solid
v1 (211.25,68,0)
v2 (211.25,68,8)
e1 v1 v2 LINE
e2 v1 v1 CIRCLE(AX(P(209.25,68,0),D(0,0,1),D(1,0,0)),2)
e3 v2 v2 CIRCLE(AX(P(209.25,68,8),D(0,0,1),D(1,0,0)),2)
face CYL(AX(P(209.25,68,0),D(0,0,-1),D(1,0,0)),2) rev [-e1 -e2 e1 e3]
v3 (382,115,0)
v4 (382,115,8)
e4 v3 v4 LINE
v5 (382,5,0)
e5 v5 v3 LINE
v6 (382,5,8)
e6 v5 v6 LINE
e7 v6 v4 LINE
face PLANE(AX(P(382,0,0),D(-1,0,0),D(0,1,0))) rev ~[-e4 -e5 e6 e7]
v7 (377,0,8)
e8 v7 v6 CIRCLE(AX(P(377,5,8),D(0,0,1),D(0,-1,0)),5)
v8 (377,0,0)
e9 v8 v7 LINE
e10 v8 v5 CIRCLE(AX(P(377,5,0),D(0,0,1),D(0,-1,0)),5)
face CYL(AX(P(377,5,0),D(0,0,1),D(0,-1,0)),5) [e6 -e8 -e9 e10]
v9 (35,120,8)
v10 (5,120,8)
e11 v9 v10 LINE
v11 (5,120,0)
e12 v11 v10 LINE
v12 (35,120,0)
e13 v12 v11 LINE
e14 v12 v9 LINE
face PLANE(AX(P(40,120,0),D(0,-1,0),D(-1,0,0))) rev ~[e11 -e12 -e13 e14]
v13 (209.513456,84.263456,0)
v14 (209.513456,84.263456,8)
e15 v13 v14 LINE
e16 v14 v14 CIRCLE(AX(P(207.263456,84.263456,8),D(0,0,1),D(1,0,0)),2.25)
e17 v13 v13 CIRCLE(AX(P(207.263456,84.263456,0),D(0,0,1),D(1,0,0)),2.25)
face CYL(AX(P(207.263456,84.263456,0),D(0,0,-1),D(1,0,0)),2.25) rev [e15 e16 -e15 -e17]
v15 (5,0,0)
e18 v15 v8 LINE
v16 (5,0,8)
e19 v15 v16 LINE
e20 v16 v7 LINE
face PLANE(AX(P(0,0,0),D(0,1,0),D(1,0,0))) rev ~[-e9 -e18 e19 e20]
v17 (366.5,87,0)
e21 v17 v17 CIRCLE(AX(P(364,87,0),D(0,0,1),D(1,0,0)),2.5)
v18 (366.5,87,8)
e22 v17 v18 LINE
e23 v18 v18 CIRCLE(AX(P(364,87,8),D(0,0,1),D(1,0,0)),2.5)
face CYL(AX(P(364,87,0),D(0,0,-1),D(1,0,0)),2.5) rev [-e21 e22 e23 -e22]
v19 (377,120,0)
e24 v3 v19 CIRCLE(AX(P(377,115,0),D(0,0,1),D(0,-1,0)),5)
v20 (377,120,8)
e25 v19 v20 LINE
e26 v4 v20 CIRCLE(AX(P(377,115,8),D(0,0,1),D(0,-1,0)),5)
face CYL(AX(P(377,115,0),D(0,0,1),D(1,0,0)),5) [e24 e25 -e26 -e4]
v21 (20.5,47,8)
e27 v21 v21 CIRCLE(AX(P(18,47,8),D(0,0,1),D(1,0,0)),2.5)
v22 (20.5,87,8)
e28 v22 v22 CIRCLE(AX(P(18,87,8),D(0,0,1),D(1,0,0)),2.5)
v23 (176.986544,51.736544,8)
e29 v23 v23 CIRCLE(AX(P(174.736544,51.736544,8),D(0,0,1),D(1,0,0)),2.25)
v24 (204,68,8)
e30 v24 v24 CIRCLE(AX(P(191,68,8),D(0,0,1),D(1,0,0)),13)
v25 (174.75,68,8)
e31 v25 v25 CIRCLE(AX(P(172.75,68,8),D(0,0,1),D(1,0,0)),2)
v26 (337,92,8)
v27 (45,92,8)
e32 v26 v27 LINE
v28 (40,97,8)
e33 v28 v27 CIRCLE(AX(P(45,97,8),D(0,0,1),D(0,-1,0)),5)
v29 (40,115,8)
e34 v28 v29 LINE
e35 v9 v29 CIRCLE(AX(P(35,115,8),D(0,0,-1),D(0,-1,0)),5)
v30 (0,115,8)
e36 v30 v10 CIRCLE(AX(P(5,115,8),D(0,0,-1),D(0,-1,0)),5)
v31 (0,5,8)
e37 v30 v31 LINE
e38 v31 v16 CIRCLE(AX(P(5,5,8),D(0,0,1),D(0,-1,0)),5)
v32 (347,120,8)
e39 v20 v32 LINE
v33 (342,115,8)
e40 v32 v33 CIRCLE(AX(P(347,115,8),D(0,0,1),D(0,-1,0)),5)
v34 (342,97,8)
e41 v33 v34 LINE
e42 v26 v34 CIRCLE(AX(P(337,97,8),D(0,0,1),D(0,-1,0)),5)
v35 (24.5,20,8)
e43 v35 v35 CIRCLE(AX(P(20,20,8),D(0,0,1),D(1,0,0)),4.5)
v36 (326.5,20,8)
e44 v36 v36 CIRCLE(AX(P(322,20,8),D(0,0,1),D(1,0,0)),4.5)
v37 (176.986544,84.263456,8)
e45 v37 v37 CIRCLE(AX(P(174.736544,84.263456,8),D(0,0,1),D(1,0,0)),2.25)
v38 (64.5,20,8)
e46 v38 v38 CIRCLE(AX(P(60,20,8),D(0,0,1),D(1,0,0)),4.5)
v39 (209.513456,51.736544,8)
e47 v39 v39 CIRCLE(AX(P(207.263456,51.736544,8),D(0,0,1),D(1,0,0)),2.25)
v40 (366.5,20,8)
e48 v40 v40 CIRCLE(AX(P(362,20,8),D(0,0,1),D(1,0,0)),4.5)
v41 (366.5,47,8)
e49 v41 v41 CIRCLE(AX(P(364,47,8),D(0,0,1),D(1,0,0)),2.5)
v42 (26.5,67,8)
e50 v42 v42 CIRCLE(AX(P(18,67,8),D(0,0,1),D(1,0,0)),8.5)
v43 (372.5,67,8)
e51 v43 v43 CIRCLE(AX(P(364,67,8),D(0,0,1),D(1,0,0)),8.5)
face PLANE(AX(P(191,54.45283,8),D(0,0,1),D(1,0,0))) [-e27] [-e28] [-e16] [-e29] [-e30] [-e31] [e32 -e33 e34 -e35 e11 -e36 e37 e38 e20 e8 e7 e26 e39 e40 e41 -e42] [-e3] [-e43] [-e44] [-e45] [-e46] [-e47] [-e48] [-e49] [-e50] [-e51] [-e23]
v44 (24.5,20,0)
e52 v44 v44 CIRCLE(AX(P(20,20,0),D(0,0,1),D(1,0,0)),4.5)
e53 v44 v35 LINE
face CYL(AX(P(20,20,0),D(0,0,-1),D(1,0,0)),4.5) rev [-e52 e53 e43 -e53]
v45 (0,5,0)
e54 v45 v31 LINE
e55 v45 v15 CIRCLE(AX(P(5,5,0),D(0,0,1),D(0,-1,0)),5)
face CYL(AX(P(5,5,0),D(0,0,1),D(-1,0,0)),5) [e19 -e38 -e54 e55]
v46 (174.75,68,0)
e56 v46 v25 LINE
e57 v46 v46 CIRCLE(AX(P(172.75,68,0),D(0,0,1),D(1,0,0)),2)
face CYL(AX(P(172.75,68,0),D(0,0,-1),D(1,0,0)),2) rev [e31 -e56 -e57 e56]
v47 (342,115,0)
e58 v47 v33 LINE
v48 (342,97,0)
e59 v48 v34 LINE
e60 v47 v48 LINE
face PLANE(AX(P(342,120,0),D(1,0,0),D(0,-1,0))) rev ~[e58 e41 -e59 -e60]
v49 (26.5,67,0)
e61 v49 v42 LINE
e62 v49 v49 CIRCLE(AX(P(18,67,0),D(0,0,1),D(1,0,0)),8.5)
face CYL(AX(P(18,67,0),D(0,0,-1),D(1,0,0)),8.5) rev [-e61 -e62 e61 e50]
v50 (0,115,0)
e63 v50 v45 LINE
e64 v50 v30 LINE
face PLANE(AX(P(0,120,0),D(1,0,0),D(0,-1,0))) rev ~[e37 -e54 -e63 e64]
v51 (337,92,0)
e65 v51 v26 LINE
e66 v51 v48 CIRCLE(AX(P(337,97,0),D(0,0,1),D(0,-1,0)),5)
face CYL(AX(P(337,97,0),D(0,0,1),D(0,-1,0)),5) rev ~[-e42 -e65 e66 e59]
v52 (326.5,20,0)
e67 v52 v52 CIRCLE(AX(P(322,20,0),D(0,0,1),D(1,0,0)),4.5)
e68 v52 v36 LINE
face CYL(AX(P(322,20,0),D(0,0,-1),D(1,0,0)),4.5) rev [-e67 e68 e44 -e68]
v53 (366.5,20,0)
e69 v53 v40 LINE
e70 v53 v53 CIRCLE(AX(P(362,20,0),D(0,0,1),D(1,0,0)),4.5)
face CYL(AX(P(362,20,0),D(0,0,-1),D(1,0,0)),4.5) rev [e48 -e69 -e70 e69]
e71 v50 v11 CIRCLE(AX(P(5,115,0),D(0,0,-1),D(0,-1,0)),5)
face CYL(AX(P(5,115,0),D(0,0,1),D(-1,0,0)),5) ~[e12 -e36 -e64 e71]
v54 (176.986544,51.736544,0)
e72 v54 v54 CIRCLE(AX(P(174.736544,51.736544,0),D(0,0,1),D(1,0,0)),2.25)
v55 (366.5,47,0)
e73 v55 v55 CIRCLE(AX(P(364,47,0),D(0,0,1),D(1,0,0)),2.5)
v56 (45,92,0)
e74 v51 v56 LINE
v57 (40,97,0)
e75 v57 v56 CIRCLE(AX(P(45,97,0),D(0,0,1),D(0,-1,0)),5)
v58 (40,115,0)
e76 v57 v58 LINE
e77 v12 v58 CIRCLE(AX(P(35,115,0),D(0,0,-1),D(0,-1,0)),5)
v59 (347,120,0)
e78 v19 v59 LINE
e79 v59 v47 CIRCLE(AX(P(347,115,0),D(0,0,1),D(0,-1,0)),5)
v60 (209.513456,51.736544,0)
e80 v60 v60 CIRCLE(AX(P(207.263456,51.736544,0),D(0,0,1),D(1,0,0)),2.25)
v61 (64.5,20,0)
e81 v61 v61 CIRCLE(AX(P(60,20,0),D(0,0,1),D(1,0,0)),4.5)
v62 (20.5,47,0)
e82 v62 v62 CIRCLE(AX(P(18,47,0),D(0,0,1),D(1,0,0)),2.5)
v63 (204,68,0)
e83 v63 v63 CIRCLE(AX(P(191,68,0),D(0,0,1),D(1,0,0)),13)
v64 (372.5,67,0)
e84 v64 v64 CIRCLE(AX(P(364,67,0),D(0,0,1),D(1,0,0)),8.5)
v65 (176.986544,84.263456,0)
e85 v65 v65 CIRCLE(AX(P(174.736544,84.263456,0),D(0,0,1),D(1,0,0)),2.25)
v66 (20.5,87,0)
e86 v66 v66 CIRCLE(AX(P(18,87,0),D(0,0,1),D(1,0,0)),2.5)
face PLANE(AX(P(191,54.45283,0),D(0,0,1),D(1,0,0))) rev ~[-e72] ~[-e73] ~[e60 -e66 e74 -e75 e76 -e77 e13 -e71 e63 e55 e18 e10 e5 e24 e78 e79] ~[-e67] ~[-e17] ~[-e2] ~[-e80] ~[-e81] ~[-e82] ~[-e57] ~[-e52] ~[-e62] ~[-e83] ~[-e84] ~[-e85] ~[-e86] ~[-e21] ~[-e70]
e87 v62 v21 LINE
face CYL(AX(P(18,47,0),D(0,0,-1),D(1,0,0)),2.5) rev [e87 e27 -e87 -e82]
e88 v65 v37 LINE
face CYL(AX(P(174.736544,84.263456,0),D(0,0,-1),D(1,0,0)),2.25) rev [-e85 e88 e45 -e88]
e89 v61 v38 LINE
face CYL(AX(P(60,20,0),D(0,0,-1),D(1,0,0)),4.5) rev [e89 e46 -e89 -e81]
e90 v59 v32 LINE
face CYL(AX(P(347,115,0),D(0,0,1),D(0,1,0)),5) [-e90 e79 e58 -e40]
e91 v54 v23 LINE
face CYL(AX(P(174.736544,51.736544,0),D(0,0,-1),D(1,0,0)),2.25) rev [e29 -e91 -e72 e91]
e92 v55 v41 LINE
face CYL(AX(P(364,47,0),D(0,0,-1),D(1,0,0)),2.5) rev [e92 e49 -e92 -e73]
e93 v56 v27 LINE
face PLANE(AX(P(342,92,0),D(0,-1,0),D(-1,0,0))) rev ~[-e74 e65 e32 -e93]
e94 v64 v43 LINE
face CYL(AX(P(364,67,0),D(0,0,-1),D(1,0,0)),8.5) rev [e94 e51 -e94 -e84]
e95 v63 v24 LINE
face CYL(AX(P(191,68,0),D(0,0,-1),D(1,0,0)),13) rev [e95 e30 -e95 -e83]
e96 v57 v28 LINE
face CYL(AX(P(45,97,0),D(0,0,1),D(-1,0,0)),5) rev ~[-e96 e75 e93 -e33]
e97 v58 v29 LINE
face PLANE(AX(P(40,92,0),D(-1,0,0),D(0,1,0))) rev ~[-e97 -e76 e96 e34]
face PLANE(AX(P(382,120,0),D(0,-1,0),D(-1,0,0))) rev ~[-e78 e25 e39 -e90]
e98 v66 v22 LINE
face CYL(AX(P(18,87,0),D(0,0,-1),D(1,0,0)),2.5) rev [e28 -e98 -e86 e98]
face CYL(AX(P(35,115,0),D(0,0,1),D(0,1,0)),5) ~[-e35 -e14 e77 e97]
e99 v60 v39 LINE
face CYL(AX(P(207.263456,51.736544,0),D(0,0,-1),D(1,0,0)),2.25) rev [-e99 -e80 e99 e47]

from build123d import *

# Parameters (mm, degrees)
F0_R     = 4.5
F0_R_2   = 2.5
F0_R_3   = 2.25
F0_R_4   = 8.5
F0_R_5   = 2
F0_R_6   = 13
F1_DEPTH = 8
F2_DEPTH = 25
F3_R     = 5


with BuildPart() as f1:
    # F0 (on Top) → F1 (new body)
    with BuildSketch(Plane.XY):
        Polygon((0, 120), (0, 0), (382, 0), (382, 120), (342, 120), (342, 92), (40, 92), (40, 120), align=None)
        with Locations((20, 20)):
            Circle(F0_R, mode=Mode.SUBTRACT)
        with Locations((60, 20)):
            Circle(F0_R, mode=Mode.SUBTRACT)
        with Locations((18, 47)):
            Circle(F0_R_2, mode=Mode.SUBTRACT)
        with Locations((174.736544, 51.736544)):
            Circle(F0_R_3, mode=Mode.SUBTRACT)
        with Locations((322, 20)):
            Circle(F0_R, mode=Mode.SUBTRACT)
        with Locations((362, 20)):
            Circle(F0_R, mode=Mode.SUBTRACT)
        with Locations((207.263456, 51.736544)):
            Circle(F0_R_3, mode=Mode.SUBTRACT)
        with Locations((364, 47)):
            Circle(F0_R_2, mode=Mode.SUBTRACT)
        with Locations((18, 67)):
            Circle(F0_R_4, mode=Mode.SUBTRACT)
        with Locations((18, 87)):
            Circle(F0_R_2, mode=Mode.SUBTRACT)
        with Locations((172.75, 68)):
            Circle(F0_R_5, mode=Mode.SUBTRACT)
        with Locations((174.736544, 84.263456)):
            Circle(F0_R_3, mode=Mode.SUBTRACT)
        with Locations((191, 68)):
            Circle(F0_R_6, mode=Mode.SUBTRACT)
        with Locations((209.25, 68)):
            Circle(F0_R_5, mode=Mode.SUBTRACT)
        with Locations((207.263456, 84.263456)):
            Circle(F0_R_3, mode=Mode.SUBTRACT)
        with Locations((364, 67)):
            Circle(F0_R_4, mode=Mode.SUBTRACT)
        with Locations((364, 87)):
            Circle(F0_R_2, mode=Mode.SUBTRACT)
    extrude(amount=F1_DEPTH)

    # F0 (on Top) → F2 (cut)
    with BuildSketch(Plane.XY):
        Polygon((0, 120), (0, 0), (382, 0), (382, 120), (342, 120), (342, 92), (40, 92), (40, 120), align=None)
        with Locations((20, 20)):
            Circle(F0_R, mode=Mode.SUBTRACT)
        with Locations((60, 20)):
            Circle(F0_R, mode=Mode.SUBTRACT)
        with Locations((18, 47)):
            Circle(F0_R_2, mode=Mode.SUBTRACT)
        with Locations((174.736544, 51.736544)):
            Circle(F0_R_3, mode=Mode.SUBTRACT)
        with Locations((322, 20)):
            Circle(F0_R, mode=Mode.SUBTRACT)
        with Locations((362, 20)):
            Circle(F0_R, mode=Mode.SUBTRACT)
        with Locations((207.263456, 51.736544)):
            Circle(F0_R_3, mode=Mode.SUBTRACT)
        with Locations((364, 47)):
            Circle(F0_R_2, mode=Mode.SUBTRACT)
        with Locations((18, 67)):
            Circle(F0_R_4, mode=Mode.SUBTRACT)
        with Locations((18, 87)):
            Circle(F0_R_2, mode=Mode.SUBTRACT)
        with Locations((172.75, 68)):
            Circle(F0_R_5, mode=Mode.SUBTRACT)
        with Locations((174.736544, 84.263456)):
            Circle(F0_R_3, mode=Mode.SUBTRACT)
        with Locations((191, 68)):
            Circle(F0_R_6, mode=Mode.SUBTRACT)
        with Locations((209.25, 68)):
            Circle(F0_R_5, mode=Mode.SUBTRACT)
        with Locations((207.263456, 84.263456)):
            Circle(F0_R_3, mode=Mode.SUBTRACT)
        with Locations((364, 67)):
            Circle(F0_R_4, mode=Mode.SUBTRACT)
        with Locations((364, 87)):
            Circle(F0_R_2, mode=Mode.SUBTRACT)
    extrude(amount=-F2_DEPTH, mode=Mode.SUBTRACT)

    # F3
    f3_edges = [f1.edges().sort_by_distance(p)[0] for p in [
        (382, 0, 4),
        (382, 120, 4),
        (342, 120, 4),
        (342, 92, 4),
        (40, 92, 4),
        (40, 120, 4),
        (0, 120, 4),
        (0, 0, 4),
    ]]
    fillet(f3_edges, radius=F3_R)


solid = f1.part
